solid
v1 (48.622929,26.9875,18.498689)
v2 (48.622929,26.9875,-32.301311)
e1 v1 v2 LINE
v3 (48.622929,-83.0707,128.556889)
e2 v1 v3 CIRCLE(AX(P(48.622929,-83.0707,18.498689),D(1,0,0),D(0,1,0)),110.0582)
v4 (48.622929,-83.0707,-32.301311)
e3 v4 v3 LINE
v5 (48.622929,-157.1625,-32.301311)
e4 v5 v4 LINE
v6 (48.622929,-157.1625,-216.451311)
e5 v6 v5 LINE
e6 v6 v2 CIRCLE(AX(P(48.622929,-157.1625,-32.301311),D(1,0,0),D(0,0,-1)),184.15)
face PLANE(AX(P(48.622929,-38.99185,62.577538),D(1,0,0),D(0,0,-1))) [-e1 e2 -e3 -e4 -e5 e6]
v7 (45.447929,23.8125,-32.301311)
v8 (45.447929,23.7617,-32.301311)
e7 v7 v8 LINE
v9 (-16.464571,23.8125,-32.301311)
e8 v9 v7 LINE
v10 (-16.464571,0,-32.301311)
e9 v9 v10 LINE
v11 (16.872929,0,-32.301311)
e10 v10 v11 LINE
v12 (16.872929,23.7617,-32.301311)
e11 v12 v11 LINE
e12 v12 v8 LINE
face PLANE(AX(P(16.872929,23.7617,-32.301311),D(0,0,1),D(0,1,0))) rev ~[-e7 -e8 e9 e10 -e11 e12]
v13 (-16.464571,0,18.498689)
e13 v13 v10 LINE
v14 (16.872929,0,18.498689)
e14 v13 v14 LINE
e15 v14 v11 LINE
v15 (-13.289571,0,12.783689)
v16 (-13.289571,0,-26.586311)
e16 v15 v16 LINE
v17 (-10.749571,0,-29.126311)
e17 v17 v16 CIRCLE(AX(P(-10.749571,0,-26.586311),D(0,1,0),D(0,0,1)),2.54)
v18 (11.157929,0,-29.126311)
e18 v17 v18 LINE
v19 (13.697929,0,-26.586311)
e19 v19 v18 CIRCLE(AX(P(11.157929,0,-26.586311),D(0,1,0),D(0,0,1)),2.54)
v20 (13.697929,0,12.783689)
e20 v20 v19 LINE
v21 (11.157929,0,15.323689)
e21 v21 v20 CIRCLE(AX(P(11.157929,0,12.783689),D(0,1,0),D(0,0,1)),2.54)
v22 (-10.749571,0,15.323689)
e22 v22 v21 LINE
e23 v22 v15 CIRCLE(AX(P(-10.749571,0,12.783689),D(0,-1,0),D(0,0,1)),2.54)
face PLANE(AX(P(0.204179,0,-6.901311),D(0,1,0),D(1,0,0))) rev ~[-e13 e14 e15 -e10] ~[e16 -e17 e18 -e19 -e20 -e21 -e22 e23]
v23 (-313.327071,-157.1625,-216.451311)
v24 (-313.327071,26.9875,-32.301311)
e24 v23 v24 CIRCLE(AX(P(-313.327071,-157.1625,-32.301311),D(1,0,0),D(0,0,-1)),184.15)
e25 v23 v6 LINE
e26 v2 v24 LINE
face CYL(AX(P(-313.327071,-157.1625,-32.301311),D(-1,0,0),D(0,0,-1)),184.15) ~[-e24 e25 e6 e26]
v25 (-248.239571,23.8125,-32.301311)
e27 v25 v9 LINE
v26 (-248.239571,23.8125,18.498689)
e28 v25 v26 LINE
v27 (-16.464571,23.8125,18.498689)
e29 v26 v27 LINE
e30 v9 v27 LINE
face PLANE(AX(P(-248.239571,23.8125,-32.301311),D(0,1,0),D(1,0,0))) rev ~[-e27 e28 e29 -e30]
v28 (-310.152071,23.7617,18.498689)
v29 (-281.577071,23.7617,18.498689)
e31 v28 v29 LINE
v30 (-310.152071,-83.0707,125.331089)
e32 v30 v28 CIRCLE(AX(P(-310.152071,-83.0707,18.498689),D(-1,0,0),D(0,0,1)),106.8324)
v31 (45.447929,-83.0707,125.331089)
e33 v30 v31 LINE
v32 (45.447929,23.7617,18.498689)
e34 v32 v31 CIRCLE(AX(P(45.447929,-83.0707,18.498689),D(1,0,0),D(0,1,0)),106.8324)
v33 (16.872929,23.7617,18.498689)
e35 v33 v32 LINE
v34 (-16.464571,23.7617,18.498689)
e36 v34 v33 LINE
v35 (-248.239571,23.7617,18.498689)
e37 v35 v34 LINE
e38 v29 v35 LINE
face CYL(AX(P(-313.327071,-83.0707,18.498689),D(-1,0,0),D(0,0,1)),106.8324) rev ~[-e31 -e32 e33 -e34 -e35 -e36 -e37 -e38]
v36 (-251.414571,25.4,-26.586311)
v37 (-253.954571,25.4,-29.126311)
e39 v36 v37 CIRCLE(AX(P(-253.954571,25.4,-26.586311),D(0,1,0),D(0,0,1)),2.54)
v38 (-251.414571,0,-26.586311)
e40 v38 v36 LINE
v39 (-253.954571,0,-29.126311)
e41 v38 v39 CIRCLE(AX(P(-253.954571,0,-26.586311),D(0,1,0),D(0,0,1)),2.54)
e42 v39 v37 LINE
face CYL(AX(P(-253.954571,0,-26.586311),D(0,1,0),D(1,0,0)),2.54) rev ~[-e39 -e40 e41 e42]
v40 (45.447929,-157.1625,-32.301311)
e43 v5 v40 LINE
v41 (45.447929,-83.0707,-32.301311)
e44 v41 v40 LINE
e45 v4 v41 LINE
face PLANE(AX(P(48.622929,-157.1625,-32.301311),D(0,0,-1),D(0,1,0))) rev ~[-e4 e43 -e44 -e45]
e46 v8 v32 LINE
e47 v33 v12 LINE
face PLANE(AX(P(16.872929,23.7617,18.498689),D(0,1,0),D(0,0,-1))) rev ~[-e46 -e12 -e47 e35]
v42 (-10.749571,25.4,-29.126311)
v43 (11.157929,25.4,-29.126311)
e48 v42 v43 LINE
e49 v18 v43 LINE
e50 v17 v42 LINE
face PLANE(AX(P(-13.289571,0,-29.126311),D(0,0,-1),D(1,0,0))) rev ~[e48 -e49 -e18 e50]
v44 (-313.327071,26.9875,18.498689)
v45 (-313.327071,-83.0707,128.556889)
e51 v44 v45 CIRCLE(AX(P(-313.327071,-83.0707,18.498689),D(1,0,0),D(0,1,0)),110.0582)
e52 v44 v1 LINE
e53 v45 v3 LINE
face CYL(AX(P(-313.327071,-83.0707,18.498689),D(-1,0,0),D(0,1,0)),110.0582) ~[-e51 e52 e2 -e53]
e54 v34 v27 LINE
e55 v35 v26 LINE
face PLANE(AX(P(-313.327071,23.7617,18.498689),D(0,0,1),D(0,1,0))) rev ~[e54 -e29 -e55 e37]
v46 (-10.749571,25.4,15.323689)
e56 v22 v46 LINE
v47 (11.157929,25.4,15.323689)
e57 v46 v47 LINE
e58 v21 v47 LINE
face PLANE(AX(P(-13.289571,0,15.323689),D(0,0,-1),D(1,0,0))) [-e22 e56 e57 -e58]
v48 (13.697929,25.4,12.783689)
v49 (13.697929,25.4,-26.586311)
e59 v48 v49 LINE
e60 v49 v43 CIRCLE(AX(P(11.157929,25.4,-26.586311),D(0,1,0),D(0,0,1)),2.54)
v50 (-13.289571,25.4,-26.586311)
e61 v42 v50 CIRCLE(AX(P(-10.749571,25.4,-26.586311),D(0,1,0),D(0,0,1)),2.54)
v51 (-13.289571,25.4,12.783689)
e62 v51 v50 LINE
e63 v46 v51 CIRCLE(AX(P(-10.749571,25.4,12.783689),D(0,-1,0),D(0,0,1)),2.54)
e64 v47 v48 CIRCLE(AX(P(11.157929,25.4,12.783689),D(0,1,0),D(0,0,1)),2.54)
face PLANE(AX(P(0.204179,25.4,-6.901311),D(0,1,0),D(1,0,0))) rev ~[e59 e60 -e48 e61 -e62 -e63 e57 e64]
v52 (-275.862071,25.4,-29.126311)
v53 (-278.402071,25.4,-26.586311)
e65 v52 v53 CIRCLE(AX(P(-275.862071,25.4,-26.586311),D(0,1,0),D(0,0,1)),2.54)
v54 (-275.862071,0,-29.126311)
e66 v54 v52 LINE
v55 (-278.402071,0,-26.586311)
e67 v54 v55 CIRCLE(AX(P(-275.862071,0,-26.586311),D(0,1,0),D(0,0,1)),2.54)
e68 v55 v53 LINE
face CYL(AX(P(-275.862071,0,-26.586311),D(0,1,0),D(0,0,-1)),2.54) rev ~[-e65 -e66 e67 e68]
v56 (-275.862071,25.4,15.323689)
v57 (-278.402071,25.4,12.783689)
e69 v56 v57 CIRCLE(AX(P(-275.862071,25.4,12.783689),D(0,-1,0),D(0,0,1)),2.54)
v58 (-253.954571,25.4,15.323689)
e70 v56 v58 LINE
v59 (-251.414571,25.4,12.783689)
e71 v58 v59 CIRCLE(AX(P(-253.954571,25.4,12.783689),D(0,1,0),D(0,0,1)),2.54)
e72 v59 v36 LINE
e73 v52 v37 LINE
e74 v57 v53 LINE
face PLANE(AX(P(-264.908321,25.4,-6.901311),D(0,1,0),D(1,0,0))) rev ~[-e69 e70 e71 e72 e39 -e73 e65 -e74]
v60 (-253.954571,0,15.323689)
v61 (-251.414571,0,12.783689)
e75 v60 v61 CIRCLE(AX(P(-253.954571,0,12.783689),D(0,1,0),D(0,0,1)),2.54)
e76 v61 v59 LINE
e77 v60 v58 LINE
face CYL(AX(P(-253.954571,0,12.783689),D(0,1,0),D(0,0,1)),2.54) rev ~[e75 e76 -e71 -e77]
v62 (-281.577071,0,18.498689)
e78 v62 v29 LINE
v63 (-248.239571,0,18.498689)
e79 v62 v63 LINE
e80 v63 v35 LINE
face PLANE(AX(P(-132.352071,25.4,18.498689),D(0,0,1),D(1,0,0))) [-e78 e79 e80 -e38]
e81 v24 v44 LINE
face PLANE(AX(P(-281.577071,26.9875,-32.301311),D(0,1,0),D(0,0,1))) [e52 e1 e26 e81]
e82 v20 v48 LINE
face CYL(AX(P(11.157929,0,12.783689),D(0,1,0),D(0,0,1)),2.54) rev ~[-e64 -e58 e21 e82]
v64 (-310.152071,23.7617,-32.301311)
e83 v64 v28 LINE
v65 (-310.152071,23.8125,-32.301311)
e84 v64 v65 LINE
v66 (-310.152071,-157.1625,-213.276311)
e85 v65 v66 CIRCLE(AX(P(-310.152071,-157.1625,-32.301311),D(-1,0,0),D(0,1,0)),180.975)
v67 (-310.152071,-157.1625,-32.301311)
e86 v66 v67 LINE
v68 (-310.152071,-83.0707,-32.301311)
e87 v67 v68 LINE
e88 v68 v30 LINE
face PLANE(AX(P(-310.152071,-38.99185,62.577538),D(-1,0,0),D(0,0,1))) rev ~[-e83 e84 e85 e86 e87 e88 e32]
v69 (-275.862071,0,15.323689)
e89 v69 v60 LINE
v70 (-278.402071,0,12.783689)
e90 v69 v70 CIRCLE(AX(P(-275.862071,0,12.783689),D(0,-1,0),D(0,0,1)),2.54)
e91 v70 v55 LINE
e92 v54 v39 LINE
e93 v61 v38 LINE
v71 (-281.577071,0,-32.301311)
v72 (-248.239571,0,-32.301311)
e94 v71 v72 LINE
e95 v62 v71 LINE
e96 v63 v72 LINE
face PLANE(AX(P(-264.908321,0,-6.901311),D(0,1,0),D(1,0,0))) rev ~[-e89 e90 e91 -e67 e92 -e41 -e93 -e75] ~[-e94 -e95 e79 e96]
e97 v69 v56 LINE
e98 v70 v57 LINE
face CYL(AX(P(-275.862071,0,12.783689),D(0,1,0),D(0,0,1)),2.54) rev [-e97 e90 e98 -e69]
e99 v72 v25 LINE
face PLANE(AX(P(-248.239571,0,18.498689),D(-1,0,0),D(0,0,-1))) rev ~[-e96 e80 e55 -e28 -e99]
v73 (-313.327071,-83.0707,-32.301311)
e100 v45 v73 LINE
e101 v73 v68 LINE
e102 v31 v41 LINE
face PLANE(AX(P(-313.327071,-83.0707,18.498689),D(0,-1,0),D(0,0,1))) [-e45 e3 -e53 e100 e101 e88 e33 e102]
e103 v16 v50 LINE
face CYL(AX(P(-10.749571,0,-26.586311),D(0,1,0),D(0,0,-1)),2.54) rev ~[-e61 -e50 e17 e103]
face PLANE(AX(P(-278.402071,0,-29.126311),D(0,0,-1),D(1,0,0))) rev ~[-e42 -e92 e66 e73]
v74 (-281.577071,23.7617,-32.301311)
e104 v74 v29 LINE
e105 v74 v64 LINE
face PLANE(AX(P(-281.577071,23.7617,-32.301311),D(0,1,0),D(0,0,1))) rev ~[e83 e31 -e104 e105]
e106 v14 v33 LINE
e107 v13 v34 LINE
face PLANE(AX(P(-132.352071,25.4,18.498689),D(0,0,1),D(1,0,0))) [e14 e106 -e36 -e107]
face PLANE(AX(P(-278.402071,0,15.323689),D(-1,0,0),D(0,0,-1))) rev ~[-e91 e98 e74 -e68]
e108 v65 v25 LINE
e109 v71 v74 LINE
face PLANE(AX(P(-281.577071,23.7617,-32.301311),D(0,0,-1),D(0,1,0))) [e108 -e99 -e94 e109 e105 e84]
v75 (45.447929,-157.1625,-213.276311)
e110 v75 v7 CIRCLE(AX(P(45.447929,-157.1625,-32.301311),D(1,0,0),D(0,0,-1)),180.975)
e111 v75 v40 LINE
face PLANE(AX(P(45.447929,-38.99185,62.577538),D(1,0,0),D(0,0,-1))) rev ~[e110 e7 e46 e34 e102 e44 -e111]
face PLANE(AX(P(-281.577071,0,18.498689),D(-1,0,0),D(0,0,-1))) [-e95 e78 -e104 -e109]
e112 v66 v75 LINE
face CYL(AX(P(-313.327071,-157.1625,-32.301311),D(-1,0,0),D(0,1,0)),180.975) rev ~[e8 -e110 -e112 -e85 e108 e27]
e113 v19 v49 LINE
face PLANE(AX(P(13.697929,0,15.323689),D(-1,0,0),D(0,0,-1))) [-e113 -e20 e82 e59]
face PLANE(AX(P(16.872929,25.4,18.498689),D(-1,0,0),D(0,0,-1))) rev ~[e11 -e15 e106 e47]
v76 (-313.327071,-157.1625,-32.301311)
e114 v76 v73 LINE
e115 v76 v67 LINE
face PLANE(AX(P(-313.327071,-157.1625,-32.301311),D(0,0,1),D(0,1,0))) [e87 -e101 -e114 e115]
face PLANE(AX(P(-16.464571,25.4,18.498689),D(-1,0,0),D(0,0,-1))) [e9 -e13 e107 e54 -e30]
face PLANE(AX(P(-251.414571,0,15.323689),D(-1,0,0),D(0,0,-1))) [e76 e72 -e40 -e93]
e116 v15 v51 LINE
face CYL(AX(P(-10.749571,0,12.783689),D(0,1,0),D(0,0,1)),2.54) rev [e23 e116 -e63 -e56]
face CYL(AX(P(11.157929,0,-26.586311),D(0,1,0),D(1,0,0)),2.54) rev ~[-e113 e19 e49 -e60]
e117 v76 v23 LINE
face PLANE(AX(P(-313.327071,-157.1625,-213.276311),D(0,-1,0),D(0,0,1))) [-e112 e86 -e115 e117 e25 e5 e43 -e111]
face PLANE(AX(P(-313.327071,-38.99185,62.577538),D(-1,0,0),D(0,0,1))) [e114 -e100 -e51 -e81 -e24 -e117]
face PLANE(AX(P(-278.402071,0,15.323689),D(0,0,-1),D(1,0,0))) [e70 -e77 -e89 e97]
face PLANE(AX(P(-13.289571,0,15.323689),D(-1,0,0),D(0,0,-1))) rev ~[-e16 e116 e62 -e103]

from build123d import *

# Parameters (mm, degrees)
SKETCH1_W                = 33.3375
SKETCH1_H                = 50.8
SKETCH1_W_2              = 26.9875
SKETCH1_H_2              = 44.45
BOSS_EXTRUDE1_DEPTH      = 25.4
FILLET2_R                = 2.54
SKETCH2_W                = 33.3375
SKETCH2_H                = 50.8
BOSS_EXTRUDE2_DEPTH      = 1.5875
SKETCH1_5_W              = 33.3375
SKETCH1_5_H              = 50.8
BOSS_EXTRUDE3_DEPTH      = 26.9875
SKETCH1_6_W              = 26.9875
SKETCH1_6_H              = 44.45
CUT_EXTRUDE1_DEPTH       = 25.4
FILLET4_R                = 2.54
BOSS_EXTRUDE4_DEPTH      = 31.75
BOSS_EXTRUDE4_DEPTH_BACK = 330.2
SKETCH6_W                = 231.775
SKETCH6_H                = 3.175
BOSS_EXTRUDE5_DEPTH      = 50.8
BOSS_EXTRUDE6_DEPTH      = 31.75
BOSS_EXTRUDE6_DEPTH_BACK = 330.2
BOSS_EXTRUDE7_START      = -3.175
BOSS_EXTRUDE7_DEPTH      = 3.175
SKETCH10_W               = 50.8
SKETCH10_H               = 3.2258
BOSS_EXTRUDE8_DEPTH      = 31.75
SKETCH11_W               = 3.175
SKETCH11_H               = 180.9242
BOSS_EXTRUDE9_DEPTH      = 50.8
BOSS_EXTRUDE12_START     = -3.175
BOSS_EXTRUDE12_DEPTH     = 3.175
SKETCH14_W               = 50.8
SKETCH14_H               = 3.2258
BOSS_EXTRUDE13_DEPTH     = 31.75
BOSS_EXTRUDE14_DEPTH     = 3.175
SKETCH17_W               = 3.175
SKETCH17_H               = 50.8
BOSS_EXTRUDE15_DEPTH     = 106.8324
BOSS_EXTRUDE16_DEPTH     = 3.175
CUT_EXTRUDE2_REACH       = 452.066
SKETCH21_W               = 50.8
SKETCH21_H               = 74.0918


with BuildPart() as part:
    # Sketch1 → Boss-Extrude1 (new body)
    with BuildSketch(Plane(origin=(0, 0, 0), x_dir=(1, 0, 0), z_dir=(0, 1, 0))):
        with Locations((0.204179282, 6.901311315)):
            Rectangle(SKETCH1_W, SKETCH1_H)
        with Locations((0.204179282, 6.901311315)):
            Rectangle(SKETCH1_W_2, SKETCH1_H_2, mode=Mode.SUBTRACT)
    extrude(amount=BOSS_EXTRUDE1_DEPTH)

    # Fillet2
    fillet2_edges = [part.edges().sort_by_distance(p)[0] for p in [
        (13.697929282, 12.7, 15.323688685),
        (13.697929282, 12.7, -29.126311315),
        (-13.289570718, 12.7, -29.126311315),
        (-13.289570718, 12.7, 15.323688685),
    ]]
    fillet(fillet2_edges, radius=FILLET2_R)

    # Sketch2 → Boss-Extrude2 (add)
    with BuildSketch(Plane(origin=(0, 25.4, 0), x_dir=(1, 0, 0), z_dir=(0, 1, 0))):
        with Locations((0.204179282, 6.901311315)):
            Rectangle(SKETCH2_W, SKETCH2_H)
    extrude(amount=BOSS_EXTRUDE2_DEPTH)



with BuildPart() as body_2:
    # Sketch1<5> → Boss-Extrude3 (new body)
    with BuildSketch(Plane(origin=(0, 0, 0), x_dir=(1, 0, 0), z_dir=(0, 1, 0))):
        with Locations((-264.908320718, 6.901311315)):
            Rectangle(SKETCH1_5_W, SKETCH1_5_H)
    extrude(amount=BOSS_EXTRUDE3_DEPTH)

    # Sketch1<6> → Cut-Extrude1 (cut)
    with BuildSketch(Plane(origin=(0, 0, 0), x_dir=(1, 0, 0), z_dir=(0, 1, 0))):
        with Locations((-264.908320718, 6.901311315)):
            Rectangle(SKETCH1_6_W, SKETCH1_6_H)
    extrude(amount=CUT_EXTRUDE1_DEPTH, mode=Mode.SUBTRACT)

    # Fillet4
    fillet4_edges = [body_2.edges().sort_by_distance(p)[0] for p in [
        (-251.414570718, 12.7, 15.323688685),
        (-251.414570718, 12.7, -29.126311315),
        (-278.402070718, 12.7, -29.126311315),
        (-278.402070718, 12.7, 15.323688685),
    ]]
    fillet(fillet4_edges, radius=FILLET4_R)


with BuildPart() as part_1:
    add(part.part)

    add(body_2.part)  # Boss-Extrude4 merges body 2
    # Sketch4 → Boss-Extrude4 (add, two sides: drawn at the far end of the back side and taken through both)
    with BuildSketch(Plane(origin=(16.872929282, 0, 0), x_dir=(0, 0, -1), z_dir=(1, 0, 0)).offset(-BOSS_EXTRUDE4_DEPTH_BACK)):
        with BuildLine():
            ThreePointArc((32.301311315, 23.8125), (160.269961041, -29.193850275), (213.276311315, -157.1625))
            Line((213.276311315, -157.1625), (216.451311315, -157.1625))
            ThreePointArc((216.451311315, -157.1625), (162.515025071, -26.948786244), (32.301311315, 26.9875))
            Line((32.301311315, 26.9875), (32.301311315, 23.8125))
        make_face()
    extrude(amount=BOSS_EXTRUDE4_DEPTH + BOSS_EXTRUDE4_DEPTH_BACK)

    # Sketch6 → Boss-Extrude5 (add, through all)
    with BuildSketch(Plane.XY.offset(-32.301311315)):
        with Locations((-132.352070718, 25.4)):
            Rectangle(SKETCH6_W, SKETCH6_H)
    extrude(amount=BOSS_EXTRUDE5_DEPTH)

    # Sketch7 → Boss-Extrude6 (add, two sides: drawn at the far end of the back side and taken through both)
    with BuildSketch(Plane(origin=(16.872929282, 0, 0), x_dir=(0, 0, -1), z_dir=(1, 0, 0)).offset(-BOSS_EXTRUDE6_DEPTH_BACK)):
        with BuildLine():
            Line((-18.498688685, 23.7617), (-18.498688685, 26.9875))
            ThreePointArc((-18.498688685, 26.9875), (-96.32158823, -5.247800455), (-128.556888685, -83.0707))
            Line((-128.556888685, -83.0707), (-125.331088685, -83.0707))
            ThreePointArc((-125.331088685, -83.0707), (-94.040603175, -7.52878551), (-18.498688685, 23.7617))
        make_face()
    extrude(amount=BOSS_EXTRUDE6_DEPTH + BOSS_EXTRUDE6_DEPTH_BACK)

    # Sketch9 → Boss-Extrude7 (add)
    with BuildSketch(Plane(origin=(48.622929282, 0, 0), x_dir=(0, 0, -1), z_dir=(1, 0, 0)).offset(BOSS_EXTRUDE7_START)):
        with BuildLine():
            Line((32.301311315, 23.8125), (32.301311315, -157.1625))
            Line((32.301311315, -157.1625), (213.276311315, -157.1625))
            ThreePointArc((213.276311315, -157.1625), (160.269961041, -29.193850275), (32.301311315, 23.8125))
        make_face()
    extrude(amount=BOSS_EXTRUDE7_DEPTH)

    # Sketch10 → Boss-Extrude8 (add)
    with BuildSketch(Plane(origin=(16.872929282, 0, 0), x_dir=(0, 0, -1), z_dir=(1, 0, 0))):
        with Locations((6.901311315, 25.3746)):
            Rectangle(SKETCH10_W, SKETCH10_H)
    extrude(amount=BOSS_EXTRUDE8_DEPTH)

    # Sketch11 → Boss-Extrude9 (add)
    with BuildSketch(Plane.XY.offset(-32.301311315)):
        with Locations((47.035429282, -66.7004)):
            Rectangle(SKETCH11_W, SKETCH11_H)
    extrude(amount=BOSS_EXTRUDE9_DEPTH)

    # Sketch13 → Boss-Extrude12 (add)
    with BuildSketch(Plane(origin=(48.622929282, 0, 0), x_dir=(0, 0, -1), z_dir=(1, 0, 0)).offset(BOSS_EXTRUDE12_START)):
        with BuildLine():
            Line((-125.331088685, -83.0707), (-18.498688685, -83.0707))
            Line((-18.498688685, -83.0707), (-18.498688685, 23.7617))
            ThreePointArc((-18.498688685, 23.7617), (-94.040603175, -7.52878551), (-125.331088685, -83.0707))
        make_face()
    extrude(amount=BOSS_EXTRUDE12_DEPTH)

    # Sketch14 → Boss-Extrude13 (add)
    with BuildSketch(Plane.ZY.offset(281.577070718)):
        with Locations((-6.901311315, 25.3746)):
            Rectangle(SKETCH14_W, SKETCH14_H)
    extrude(amount=BOSS_EXTRUDE13_DEPTH)

    # Sketch15 → Boss-Extrude14 (add)
    with BuildSketch(Plane.ZY.offset(313.327070718)):
        with BuildLine():
            Line((-213.276311315, -157.1625), (-32.301311315, -157.1625))
            Line((-32.301311315, -157.1625), (-32.301311315, 23.8125))
            ThreePointArc((-32.301311315, 23.8125), (-160.269961041, -29.193850275), (-213.276311315, -157.1625))
        make_face()
    extrude(amount=-BOSS_EXTRUDE14_DEPTH)

    # Sketch17 → Boss-Extrude15 (add)
    with BuildSketch(Plane.XZ.offset(-23.7617)):
        with Locations((-311.739570718, -6.901311315)):
            Rectangle(SKETCH17_W, SKETCH17_H)
    extrude(amount=BOSS_EXTRUDE15_DEPTH)

    # Sketch18 → Boss-Extrude16 (add)
    with BuildSketch(Plane.ZY.offset(313.327070718)):
        with BuildLine():
            Line((18.498688685, 23.7617), (18.498688685, -83.0707))
            Line((18.498688685, -83.0707), (125.331088685, -83.0707))
            ThreePointArc((125.331088685, -83.0707), (94.040603175, -7.52878551), (18.498688685, 23.7617))
        make_face()
    extrude(amount=-BOSS_EXTRUDE16_DEPTH)

    # Sketch21 → Cut-Extrude2 (cut, up to next)
    with BuildSketch(Plane(origin=(48.622929282, 0, 0), x_dir=(0, 0, -1), z_dir=(1, 0, 0)), mode=Mode.PRIVATE) as cut_extrude2_sk1:
        with Locations((6.901311315, -120.1166)):
            Rectangle(SKETCH21_W, SKETCH21_H)
    cut_extrude2_tool1 = extrude(cut_extrude2_sk1.sketch, amount=-CUT_EXTRUDE2_REACH, mode=Mode.PRIVATE) & part_1.part
    add(cut_extrude2_tool1.solids().sort_by_distance((48.622929, -120.1166, -6.901311))[0], mode=Mode.SUBTRACT)


solid = part_1.part
